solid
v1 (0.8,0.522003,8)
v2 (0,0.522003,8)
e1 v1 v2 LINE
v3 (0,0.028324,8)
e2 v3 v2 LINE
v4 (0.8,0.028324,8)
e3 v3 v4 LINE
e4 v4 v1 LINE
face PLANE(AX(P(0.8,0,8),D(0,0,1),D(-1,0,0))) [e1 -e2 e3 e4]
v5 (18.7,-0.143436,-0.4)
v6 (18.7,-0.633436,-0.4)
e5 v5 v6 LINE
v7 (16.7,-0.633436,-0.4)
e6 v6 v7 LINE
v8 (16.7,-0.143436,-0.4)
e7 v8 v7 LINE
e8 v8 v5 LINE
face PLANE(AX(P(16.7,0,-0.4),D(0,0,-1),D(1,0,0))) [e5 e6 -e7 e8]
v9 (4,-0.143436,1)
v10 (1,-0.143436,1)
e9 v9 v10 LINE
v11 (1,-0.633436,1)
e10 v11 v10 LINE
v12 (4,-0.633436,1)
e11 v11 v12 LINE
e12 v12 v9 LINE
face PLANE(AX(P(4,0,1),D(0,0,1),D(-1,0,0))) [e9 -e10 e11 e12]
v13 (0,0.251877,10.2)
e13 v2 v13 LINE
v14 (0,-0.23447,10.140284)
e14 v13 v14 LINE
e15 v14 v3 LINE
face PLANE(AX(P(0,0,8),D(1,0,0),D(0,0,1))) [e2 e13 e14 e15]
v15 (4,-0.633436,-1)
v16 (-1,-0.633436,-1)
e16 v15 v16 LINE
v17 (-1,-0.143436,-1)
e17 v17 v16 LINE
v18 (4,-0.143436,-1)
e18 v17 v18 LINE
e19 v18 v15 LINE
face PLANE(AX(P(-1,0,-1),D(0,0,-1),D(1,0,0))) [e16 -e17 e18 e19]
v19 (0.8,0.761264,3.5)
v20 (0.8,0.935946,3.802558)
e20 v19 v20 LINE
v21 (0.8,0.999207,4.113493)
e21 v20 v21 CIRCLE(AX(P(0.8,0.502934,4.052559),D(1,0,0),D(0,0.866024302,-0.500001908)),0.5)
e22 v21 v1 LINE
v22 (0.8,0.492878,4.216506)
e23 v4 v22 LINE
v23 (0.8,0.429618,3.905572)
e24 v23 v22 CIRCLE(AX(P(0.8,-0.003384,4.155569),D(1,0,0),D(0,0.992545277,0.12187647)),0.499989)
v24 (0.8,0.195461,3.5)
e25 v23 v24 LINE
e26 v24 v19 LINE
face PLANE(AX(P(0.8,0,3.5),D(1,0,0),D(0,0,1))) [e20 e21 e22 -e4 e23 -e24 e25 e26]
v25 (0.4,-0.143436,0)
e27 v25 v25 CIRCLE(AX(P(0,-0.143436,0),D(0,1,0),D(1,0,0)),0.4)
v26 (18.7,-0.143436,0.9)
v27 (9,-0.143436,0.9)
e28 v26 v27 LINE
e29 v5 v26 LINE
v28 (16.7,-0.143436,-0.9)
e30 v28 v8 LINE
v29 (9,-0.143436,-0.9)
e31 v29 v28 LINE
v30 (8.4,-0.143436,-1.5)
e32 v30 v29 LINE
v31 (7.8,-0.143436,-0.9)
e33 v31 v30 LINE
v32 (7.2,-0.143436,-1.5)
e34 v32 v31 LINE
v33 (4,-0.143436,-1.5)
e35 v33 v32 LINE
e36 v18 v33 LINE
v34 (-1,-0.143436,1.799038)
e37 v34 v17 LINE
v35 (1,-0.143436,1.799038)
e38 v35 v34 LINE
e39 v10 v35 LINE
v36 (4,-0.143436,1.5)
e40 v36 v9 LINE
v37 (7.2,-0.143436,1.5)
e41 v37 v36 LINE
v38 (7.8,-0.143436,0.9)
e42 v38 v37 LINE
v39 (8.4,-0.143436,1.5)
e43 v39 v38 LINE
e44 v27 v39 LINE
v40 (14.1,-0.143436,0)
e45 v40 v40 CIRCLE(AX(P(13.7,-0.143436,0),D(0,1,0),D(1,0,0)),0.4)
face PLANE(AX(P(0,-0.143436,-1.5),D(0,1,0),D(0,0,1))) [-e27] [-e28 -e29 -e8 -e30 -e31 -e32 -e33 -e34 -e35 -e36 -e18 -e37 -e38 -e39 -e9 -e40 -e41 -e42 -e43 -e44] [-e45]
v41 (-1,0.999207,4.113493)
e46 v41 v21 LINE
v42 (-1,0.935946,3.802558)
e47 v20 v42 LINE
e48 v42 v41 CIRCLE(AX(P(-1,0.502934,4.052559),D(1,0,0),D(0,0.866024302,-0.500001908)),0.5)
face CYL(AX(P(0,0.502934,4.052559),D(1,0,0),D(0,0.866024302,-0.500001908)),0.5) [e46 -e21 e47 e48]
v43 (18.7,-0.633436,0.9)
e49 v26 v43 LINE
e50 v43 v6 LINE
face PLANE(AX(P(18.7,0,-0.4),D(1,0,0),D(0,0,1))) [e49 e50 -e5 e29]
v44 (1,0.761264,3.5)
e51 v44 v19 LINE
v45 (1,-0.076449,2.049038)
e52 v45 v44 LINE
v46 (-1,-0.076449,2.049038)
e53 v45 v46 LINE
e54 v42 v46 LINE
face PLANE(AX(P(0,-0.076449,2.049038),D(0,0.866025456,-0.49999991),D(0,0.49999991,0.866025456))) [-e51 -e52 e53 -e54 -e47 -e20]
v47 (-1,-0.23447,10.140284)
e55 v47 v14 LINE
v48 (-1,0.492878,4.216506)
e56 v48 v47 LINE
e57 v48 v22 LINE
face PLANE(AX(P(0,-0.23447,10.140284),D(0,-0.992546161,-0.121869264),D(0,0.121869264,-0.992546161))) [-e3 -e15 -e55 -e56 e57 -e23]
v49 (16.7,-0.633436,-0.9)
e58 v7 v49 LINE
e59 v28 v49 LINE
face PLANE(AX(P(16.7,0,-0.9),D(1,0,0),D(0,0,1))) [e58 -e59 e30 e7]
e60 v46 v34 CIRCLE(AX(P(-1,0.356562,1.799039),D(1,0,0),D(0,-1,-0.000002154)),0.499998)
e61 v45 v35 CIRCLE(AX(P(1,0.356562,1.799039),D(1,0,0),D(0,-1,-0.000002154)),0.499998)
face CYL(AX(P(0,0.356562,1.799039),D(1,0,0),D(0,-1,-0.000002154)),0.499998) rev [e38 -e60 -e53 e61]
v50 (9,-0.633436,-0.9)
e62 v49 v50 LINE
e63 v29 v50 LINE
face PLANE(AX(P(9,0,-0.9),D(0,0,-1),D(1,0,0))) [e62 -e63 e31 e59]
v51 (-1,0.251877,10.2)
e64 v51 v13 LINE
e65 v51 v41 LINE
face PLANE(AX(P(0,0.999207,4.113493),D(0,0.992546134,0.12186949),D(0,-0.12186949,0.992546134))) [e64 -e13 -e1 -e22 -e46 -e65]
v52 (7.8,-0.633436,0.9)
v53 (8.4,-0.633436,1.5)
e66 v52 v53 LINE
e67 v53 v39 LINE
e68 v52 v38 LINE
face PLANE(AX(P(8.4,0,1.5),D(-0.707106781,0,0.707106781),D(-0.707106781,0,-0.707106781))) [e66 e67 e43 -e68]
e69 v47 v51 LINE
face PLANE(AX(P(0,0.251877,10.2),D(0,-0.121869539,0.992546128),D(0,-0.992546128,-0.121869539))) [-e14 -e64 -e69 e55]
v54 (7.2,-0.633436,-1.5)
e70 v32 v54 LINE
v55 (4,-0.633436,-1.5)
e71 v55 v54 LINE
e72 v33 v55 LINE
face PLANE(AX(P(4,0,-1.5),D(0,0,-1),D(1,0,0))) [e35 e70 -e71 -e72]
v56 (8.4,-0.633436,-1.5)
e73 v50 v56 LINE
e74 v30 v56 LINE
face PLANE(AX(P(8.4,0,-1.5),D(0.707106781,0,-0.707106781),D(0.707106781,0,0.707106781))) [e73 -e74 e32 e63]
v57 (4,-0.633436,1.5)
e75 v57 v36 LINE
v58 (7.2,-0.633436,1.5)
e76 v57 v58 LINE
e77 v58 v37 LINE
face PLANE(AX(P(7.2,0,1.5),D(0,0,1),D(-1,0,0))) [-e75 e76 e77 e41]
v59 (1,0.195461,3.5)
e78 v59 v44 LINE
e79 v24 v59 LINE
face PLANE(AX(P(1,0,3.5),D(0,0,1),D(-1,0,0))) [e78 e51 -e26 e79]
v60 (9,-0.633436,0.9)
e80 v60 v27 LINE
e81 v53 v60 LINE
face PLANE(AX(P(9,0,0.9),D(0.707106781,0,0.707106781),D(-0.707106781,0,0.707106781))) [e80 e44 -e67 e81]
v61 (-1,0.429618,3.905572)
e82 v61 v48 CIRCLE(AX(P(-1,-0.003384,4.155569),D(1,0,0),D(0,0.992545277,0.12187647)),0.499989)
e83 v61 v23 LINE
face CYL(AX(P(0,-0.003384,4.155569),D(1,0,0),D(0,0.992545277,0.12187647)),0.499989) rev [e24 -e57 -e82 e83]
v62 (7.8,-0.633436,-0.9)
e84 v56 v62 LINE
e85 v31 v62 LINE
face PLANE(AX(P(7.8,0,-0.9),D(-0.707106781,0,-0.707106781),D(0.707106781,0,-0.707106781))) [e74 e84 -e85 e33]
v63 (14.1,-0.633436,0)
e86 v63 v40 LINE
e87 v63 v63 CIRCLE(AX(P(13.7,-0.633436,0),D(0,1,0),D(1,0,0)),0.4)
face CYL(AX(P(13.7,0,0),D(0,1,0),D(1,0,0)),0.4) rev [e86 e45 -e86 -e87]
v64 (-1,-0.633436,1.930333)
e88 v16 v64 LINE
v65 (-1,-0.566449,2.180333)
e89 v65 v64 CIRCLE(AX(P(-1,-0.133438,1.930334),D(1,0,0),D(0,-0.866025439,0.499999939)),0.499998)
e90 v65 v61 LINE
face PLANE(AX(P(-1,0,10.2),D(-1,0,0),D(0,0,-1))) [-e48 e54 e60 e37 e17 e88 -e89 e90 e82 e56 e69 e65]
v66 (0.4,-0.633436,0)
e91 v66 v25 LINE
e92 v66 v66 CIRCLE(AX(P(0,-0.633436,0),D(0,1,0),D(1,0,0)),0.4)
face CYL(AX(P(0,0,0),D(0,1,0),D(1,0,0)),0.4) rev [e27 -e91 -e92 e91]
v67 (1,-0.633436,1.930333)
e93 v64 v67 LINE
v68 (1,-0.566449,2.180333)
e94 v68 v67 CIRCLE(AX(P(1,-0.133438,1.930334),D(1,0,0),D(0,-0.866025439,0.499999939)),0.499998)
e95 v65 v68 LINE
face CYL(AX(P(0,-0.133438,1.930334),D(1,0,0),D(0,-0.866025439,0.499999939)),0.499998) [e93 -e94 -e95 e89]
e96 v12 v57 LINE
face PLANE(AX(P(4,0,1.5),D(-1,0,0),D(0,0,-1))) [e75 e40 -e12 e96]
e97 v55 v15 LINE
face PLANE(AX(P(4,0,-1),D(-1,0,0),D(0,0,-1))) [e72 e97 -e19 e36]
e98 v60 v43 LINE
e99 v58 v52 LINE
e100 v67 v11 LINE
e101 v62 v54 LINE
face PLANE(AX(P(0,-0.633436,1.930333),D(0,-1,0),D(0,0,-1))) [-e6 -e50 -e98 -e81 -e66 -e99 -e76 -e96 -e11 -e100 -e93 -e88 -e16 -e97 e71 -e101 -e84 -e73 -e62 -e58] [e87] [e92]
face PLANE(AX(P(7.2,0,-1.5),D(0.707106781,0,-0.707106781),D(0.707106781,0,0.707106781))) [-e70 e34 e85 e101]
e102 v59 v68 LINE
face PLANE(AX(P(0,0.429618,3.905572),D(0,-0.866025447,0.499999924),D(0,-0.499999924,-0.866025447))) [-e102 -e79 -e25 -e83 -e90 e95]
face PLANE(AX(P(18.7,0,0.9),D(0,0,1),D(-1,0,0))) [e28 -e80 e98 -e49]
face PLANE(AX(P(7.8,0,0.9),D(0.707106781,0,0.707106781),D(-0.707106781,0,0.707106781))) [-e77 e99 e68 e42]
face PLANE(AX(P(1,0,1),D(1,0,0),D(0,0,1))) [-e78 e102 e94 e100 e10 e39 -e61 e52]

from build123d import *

# Parameters (mm, degrees)
F0_R     = 0.4
F1_DEPTH = 2.5
F3_DEPTH = 35


with BuildPart() as f1:
    # F0 (on Front) → F1 (new body, symmetric)
    with BuildSketch(Plane.XZ):
        Polygon((0, 10.2), (-1, 10.2), (-1, -1), (4, -1), (4, -1.5), (7.2, -1.5), (7.8, -0.9), (8.4, -1.5), (9, -0.9), (16.7, -0.9), (16.7, -0.4), (18.7, -0.4), (18.7, 0.9), (9, 0.9), (8.4, 1.5), (7.8, 0.9), (7.2, 1.5), (4, 1.5), (4, 1), (1, 1), (1, 3.5), (0.8, 3.5), (0.8, 8), (0, 8), align=None)
        Circle(F0_R, mode=Mode.SUBTRACT)
        with Locations((13.7, 0)):
            Circle(F0_R, mode=Mode.SUBTRACT)
    extrude(amount=F1_DEPTH, both=True)

    # F2 (on Right) → F3 (intersect, symmetric)
    with BuildSketch(Plane.YZ):
        with BuildLine():
            ThreePointArc((0.935946, 3.802558), (0.992896, 3.952874), (0.999207, 4.113493))
            Line((0.999207, 4.113493), (0.251877, 10.2))
            Line((0.251877, 10.2), (-0.23447, 10.140284))
            Line((-0.23447, 10.140284), (0.492878, 4.216506))
            ThreePointArc((0.492878, 4.216506), (0.486568, 4.055888), (0.429618, 3.905572))
            Line((0.429618, 3.905572), (-0.566449, 2.180333))
            ThreePointArc((-0.566449, 2.180333), (-0.616399, 2.059743), (-0.633436, 1.930333))
            Line((-0.633436, 1.930333), (-0.633436, -1.5))
            Line((-0.633436, -1.5), (-0.143436, -1.5))
            Line((-0.143436, -1.5), (-0.143436, 1.799038))
            ThreePointArc((-0.143436, 1.799038), (-0.126399, 1.928448), (-0.076449, 2.049038))
            Line((-0.076449, 2.049038), (0.935946, 3.802558))
        make_face()
    extrude(amount=F3_DEPTH, both=True, mode=Mode.INTERSECT)


solid = f1.part
